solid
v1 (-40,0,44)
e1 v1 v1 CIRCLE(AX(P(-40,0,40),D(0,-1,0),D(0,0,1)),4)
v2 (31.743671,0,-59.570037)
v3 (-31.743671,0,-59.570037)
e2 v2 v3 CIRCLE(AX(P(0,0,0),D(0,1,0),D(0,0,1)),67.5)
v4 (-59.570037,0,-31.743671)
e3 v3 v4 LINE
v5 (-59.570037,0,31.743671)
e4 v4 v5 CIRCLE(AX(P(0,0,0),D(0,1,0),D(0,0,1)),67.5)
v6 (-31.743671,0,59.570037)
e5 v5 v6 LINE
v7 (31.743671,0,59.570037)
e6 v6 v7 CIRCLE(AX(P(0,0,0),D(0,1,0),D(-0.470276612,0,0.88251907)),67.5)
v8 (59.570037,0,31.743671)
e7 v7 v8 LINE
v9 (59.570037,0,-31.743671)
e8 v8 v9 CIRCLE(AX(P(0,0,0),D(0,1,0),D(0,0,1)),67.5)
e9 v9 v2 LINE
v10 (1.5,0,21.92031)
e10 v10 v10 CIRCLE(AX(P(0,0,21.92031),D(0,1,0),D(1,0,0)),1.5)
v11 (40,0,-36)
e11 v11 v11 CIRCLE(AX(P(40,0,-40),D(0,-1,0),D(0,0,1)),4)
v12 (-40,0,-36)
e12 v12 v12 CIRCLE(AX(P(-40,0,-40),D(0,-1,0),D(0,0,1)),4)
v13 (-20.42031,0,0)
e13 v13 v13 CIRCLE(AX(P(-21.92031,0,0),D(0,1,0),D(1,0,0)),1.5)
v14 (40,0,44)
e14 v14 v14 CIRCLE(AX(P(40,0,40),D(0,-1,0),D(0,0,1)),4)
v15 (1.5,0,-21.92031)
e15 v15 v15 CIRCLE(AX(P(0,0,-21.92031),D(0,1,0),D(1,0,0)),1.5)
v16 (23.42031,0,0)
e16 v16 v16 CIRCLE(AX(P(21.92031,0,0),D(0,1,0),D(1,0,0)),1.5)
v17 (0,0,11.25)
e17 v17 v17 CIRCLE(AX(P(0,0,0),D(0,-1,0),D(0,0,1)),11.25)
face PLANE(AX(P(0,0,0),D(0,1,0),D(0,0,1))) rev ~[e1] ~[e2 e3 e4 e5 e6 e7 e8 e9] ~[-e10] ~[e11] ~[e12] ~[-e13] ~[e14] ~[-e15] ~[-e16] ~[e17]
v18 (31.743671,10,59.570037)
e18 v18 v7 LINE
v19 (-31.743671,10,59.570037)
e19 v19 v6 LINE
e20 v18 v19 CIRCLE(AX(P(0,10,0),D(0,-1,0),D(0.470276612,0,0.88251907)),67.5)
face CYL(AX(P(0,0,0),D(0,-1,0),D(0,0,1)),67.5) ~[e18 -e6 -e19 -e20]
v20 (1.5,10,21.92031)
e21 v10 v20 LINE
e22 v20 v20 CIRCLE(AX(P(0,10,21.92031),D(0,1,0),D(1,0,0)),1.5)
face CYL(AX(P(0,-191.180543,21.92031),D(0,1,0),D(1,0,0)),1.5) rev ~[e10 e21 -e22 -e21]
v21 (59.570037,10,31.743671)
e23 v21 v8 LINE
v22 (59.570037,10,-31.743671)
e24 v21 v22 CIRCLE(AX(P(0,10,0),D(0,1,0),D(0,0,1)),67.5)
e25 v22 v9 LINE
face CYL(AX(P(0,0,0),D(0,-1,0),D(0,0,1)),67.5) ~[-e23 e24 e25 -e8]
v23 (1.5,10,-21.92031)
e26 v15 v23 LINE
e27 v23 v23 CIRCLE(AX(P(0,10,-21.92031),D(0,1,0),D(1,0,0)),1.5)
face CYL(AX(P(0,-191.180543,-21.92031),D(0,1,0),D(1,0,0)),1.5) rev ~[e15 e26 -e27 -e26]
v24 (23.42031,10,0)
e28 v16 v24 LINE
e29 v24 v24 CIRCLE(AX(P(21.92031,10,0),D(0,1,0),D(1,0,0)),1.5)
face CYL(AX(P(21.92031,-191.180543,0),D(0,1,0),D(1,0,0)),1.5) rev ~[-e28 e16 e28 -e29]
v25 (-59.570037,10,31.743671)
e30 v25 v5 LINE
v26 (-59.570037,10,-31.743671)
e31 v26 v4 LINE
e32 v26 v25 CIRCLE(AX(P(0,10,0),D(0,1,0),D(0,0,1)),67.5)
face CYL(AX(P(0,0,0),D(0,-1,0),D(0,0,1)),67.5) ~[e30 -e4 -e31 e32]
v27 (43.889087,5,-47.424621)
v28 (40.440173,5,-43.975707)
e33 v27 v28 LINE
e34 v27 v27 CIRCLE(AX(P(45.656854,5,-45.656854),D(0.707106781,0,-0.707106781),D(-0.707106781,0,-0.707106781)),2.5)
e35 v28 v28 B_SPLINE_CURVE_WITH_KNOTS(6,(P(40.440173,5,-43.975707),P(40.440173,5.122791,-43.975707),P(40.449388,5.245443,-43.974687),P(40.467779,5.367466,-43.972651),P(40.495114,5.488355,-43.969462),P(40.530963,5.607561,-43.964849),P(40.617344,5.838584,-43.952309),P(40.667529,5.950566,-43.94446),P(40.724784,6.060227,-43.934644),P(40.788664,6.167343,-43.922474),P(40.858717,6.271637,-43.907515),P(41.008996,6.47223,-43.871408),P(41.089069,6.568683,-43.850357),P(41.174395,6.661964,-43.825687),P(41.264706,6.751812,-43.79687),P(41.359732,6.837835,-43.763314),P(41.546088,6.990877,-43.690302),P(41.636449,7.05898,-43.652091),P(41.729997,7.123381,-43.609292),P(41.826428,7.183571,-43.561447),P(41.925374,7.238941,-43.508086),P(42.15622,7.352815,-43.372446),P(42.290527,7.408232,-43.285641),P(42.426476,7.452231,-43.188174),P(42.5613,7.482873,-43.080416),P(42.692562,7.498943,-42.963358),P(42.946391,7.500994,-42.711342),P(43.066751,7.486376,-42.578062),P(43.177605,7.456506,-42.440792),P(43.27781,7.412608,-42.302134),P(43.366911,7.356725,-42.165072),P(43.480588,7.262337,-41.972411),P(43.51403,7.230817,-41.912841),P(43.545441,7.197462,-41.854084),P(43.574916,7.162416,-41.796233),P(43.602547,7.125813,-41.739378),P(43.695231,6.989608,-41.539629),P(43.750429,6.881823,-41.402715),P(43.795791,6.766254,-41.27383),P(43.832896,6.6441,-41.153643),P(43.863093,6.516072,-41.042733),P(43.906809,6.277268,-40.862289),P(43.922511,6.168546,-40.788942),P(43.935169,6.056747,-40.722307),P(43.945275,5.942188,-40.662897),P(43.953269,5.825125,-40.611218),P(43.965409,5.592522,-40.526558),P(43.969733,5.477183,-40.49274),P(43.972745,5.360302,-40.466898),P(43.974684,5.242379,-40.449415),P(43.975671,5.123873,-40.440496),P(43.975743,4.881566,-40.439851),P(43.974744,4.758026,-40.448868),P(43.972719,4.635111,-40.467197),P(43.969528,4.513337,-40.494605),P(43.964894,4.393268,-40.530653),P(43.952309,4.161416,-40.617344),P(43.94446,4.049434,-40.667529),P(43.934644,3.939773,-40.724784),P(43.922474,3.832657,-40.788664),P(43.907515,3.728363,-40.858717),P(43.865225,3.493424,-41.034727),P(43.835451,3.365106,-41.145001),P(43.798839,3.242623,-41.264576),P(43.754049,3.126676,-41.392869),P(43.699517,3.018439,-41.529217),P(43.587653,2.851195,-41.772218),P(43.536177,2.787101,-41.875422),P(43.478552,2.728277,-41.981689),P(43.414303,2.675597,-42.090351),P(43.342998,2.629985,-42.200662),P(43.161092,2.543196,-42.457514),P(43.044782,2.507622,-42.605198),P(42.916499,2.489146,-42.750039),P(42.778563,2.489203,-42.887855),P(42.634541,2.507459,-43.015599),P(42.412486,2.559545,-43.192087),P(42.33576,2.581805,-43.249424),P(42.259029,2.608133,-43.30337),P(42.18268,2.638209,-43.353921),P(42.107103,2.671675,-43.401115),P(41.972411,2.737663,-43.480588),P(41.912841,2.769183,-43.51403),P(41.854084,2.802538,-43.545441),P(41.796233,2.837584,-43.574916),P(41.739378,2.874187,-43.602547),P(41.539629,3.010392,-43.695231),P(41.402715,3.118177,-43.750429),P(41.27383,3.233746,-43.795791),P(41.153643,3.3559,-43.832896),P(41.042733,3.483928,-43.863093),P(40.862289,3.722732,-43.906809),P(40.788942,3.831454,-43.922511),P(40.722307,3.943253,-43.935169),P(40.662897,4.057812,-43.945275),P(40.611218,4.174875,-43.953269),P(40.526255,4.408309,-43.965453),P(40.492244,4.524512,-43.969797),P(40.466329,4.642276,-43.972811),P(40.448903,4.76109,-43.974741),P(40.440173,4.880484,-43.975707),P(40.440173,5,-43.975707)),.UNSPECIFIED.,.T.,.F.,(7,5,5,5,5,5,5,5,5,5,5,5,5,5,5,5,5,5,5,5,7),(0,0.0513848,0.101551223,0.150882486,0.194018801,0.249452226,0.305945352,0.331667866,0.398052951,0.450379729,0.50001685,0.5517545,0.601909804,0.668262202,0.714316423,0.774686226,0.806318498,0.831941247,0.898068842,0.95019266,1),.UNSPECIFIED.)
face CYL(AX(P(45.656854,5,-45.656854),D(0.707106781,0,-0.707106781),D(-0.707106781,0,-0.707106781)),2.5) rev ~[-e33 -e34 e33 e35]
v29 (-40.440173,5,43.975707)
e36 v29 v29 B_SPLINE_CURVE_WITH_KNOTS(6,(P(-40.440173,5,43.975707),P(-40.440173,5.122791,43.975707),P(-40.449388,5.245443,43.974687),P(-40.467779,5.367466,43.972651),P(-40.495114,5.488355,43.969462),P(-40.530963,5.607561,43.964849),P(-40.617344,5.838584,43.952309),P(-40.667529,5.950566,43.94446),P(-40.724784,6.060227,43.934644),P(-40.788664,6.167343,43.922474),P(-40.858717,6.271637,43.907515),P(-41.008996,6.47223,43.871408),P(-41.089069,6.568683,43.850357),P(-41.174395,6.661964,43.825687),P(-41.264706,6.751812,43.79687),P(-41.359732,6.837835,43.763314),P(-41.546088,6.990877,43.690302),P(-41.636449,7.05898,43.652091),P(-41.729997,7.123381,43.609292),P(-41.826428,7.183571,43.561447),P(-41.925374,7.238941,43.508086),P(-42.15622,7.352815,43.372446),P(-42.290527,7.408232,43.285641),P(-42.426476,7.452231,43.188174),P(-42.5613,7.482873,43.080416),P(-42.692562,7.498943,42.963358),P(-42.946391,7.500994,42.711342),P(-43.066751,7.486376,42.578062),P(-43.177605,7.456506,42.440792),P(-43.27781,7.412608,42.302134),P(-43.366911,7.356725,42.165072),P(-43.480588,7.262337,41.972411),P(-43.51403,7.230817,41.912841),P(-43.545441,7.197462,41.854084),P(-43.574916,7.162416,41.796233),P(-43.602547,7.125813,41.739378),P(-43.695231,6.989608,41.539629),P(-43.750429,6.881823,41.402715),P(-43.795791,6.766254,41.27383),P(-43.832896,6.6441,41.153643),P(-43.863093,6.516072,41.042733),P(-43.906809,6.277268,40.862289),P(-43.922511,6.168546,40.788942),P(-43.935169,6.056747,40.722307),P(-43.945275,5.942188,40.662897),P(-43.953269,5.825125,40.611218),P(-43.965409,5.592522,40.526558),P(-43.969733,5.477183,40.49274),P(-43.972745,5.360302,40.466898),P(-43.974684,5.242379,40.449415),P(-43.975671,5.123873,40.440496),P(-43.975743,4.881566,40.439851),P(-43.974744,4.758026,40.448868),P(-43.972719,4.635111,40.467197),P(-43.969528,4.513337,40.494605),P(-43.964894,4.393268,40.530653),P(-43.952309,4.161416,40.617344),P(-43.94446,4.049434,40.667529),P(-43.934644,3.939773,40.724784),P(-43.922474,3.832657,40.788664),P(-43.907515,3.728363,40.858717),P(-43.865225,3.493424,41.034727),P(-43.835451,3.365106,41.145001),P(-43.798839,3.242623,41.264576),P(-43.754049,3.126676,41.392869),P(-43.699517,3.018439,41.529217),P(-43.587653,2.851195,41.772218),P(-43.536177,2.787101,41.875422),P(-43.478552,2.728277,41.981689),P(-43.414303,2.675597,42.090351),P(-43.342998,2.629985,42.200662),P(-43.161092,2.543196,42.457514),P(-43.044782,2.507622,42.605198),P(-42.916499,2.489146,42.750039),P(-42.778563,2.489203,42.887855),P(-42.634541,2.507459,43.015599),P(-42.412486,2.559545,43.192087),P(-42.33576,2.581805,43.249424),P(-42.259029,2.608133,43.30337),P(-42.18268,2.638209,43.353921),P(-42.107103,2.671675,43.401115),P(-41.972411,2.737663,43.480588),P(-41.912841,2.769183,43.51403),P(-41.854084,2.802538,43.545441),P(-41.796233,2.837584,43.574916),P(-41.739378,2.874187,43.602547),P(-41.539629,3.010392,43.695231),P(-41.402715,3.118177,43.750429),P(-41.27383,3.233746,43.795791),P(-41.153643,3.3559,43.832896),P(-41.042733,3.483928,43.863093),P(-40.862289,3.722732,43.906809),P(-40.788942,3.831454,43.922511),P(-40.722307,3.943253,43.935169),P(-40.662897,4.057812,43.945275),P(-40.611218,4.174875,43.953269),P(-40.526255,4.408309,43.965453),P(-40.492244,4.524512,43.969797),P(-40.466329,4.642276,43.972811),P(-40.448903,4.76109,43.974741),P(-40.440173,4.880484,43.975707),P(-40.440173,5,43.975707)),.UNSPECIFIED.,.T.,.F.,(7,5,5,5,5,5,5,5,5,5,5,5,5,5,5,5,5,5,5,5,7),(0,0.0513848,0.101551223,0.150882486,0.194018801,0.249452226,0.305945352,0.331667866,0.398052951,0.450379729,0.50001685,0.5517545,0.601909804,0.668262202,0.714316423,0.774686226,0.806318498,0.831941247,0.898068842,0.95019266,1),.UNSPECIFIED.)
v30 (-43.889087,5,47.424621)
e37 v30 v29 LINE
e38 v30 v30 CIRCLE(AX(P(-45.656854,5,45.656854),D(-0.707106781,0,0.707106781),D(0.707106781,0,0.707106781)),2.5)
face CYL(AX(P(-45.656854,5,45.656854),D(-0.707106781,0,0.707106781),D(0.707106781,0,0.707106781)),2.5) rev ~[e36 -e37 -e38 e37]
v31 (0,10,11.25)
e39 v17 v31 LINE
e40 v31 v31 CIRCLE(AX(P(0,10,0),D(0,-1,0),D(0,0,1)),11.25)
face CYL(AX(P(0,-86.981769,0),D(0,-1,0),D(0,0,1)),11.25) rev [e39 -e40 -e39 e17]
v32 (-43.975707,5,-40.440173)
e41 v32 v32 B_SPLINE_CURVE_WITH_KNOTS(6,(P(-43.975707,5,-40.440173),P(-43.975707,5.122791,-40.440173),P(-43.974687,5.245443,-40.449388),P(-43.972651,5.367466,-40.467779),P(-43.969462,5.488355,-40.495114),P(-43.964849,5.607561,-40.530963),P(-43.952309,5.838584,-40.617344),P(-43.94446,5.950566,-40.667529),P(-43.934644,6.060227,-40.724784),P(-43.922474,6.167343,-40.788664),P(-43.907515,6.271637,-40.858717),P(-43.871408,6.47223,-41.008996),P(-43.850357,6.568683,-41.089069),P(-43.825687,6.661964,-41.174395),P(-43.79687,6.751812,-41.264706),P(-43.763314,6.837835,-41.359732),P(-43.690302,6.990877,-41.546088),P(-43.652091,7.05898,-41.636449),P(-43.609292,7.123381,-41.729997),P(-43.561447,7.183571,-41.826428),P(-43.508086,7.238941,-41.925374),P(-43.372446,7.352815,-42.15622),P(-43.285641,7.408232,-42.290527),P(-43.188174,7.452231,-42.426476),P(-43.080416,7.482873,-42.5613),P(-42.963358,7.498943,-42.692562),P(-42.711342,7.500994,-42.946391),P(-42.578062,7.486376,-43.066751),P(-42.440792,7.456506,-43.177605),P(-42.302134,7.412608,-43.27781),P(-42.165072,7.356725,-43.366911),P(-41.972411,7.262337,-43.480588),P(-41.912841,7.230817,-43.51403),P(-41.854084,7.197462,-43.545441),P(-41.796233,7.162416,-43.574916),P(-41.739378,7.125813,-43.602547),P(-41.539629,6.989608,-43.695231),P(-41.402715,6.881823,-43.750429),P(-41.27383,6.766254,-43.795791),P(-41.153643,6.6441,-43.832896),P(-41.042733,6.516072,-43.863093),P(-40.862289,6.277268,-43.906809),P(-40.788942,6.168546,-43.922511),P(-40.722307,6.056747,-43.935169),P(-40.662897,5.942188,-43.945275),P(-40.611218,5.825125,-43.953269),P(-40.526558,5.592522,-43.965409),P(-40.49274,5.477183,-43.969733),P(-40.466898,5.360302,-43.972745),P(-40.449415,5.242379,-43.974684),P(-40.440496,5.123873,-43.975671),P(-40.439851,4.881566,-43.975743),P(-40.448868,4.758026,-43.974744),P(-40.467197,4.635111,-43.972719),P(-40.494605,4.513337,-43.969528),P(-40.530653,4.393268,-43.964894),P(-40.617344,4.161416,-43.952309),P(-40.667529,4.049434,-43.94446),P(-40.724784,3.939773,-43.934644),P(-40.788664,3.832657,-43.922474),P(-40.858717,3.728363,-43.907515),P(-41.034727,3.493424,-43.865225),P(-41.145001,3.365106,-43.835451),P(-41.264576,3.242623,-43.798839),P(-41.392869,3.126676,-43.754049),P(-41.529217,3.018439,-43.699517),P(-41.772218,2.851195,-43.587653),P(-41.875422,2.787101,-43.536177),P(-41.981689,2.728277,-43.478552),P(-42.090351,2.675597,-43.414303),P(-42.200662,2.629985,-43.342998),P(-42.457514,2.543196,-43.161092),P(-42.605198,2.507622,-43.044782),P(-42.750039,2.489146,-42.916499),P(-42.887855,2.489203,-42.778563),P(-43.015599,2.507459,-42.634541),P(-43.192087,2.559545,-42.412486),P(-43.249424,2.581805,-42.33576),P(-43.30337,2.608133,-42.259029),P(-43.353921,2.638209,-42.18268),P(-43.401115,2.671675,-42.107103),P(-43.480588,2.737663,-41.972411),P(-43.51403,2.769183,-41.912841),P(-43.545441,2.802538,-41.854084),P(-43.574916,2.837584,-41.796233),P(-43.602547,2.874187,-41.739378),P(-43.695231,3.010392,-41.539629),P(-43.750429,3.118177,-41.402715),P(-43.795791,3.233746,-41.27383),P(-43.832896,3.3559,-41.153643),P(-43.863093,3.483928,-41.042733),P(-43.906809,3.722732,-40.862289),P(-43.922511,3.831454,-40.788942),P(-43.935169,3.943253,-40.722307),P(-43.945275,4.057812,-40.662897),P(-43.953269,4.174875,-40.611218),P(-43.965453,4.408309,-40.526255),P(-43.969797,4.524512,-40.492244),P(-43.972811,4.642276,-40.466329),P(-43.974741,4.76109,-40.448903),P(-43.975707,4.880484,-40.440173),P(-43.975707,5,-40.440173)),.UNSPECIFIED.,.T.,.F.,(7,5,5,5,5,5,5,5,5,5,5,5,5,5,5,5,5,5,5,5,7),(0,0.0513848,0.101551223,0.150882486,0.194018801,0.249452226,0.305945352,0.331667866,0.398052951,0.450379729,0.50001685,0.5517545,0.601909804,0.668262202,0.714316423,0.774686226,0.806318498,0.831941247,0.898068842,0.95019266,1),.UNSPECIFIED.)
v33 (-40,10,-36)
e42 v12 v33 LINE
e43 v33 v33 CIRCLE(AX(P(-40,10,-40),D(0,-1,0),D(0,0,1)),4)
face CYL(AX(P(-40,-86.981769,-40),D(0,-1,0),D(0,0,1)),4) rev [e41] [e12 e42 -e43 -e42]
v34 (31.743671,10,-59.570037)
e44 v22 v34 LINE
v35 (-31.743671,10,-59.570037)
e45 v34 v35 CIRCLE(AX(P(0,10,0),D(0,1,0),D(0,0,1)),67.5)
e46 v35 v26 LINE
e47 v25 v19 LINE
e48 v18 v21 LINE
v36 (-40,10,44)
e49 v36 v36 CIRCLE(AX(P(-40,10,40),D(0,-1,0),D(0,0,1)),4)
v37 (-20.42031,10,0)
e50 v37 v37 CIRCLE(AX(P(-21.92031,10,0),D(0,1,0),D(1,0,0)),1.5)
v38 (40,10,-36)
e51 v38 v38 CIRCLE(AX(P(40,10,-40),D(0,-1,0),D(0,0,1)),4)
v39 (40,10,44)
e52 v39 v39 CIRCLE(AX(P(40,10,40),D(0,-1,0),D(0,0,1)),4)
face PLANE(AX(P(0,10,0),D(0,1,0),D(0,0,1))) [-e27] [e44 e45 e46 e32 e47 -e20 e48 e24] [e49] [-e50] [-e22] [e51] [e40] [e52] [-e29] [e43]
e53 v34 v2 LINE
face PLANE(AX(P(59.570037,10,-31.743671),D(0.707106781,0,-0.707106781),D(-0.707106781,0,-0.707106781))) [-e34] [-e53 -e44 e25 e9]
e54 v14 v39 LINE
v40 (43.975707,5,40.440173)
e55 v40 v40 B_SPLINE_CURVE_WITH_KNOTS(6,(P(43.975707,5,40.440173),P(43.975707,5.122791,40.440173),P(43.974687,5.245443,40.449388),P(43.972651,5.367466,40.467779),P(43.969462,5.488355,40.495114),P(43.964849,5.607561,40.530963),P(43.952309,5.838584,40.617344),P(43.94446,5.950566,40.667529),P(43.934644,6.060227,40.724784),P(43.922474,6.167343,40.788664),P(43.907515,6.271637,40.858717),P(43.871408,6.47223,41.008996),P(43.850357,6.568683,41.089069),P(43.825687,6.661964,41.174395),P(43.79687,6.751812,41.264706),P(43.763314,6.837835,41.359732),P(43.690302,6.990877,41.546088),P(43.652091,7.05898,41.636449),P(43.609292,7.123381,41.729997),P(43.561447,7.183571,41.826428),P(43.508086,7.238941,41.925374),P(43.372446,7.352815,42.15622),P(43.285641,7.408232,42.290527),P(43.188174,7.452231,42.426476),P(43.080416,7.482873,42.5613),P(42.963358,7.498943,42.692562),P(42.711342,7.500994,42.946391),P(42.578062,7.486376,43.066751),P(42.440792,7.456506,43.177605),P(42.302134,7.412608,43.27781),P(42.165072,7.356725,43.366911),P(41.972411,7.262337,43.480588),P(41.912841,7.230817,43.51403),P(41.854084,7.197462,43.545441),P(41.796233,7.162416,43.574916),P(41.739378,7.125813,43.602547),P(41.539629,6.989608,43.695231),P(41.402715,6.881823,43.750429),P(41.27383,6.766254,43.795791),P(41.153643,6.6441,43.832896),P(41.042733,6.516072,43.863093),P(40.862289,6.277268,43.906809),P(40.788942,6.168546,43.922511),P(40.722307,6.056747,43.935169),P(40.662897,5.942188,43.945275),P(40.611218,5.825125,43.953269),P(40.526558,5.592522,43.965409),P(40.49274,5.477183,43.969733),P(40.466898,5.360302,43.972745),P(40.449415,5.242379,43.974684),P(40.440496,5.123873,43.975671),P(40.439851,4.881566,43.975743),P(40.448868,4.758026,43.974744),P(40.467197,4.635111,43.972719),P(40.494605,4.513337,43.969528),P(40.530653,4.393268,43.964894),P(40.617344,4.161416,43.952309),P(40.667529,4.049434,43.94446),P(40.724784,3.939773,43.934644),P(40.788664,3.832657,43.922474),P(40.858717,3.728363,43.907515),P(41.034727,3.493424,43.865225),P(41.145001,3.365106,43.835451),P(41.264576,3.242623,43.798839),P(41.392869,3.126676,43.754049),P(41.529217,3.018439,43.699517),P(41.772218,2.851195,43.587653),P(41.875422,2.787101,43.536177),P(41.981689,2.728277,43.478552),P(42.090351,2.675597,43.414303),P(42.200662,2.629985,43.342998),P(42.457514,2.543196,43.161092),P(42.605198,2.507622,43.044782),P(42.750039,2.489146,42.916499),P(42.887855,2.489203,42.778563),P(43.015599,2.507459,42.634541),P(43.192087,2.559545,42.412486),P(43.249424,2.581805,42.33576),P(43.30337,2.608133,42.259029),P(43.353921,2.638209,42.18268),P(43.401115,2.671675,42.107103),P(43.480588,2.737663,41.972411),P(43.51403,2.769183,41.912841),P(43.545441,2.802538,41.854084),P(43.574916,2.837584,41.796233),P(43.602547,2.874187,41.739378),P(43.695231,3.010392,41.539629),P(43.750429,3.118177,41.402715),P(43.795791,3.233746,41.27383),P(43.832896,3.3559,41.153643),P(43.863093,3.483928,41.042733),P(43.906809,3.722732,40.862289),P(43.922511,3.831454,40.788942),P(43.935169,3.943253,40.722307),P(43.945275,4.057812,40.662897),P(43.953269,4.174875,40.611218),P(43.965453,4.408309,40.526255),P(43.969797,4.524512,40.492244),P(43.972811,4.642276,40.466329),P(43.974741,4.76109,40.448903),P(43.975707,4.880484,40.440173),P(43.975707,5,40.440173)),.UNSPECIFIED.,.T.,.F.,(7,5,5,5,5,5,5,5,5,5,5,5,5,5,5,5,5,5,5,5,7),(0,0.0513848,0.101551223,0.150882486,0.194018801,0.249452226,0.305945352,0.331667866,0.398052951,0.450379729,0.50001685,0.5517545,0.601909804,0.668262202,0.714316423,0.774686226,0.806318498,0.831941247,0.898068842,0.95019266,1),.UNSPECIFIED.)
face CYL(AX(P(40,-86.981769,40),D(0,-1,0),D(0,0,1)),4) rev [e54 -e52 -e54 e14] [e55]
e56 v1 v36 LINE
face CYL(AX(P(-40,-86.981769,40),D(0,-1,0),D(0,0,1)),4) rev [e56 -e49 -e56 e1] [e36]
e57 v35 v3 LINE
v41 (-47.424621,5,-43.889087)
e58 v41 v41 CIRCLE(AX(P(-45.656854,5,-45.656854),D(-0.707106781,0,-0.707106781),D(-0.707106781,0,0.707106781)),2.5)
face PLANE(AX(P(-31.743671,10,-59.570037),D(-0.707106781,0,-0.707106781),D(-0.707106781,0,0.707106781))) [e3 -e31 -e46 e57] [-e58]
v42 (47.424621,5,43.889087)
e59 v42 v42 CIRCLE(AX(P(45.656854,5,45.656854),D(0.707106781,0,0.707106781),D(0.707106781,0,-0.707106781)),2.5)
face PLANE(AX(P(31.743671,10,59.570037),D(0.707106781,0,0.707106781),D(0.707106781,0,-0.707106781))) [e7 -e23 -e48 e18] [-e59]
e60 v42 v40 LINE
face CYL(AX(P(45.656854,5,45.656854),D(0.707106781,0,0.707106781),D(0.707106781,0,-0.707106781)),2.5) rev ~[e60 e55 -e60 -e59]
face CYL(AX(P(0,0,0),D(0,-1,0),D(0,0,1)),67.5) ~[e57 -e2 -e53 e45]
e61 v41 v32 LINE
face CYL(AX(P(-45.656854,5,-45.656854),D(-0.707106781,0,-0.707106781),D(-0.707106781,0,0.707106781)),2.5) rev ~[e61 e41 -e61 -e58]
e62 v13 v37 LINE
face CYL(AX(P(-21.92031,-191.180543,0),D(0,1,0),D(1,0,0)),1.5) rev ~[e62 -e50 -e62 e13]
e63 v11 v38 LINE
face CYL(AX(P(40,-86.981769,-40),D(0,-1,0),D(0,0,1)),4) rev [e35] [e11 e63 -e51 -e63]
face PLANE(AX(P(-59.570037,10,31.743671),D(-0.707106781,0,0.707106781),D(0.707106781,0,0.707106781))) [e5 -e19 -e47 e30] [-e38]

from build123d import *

# Parameters (mm, degrees)
SKETCH1_R                  = 67.5
BOSS_EXTRUDE1_DEPTH        = 10
CUT_EXTRUDE1_DEPTH         = 96.981769102
CUT_EXTRUDE1_DEPTH_BACK    = 96.981769102
SKETCH4_R                  = 4
CUT_EXTRUDE_THIN1_DEPTH    = 96.981769102
F_5_0MM_DOWEL_HOLE1_REACH  = 162.34
F_5_0MM_DOWEL_HOLE1_BORE_R = 2.5
CIRPATTERN1_COUNT          = 4
F_3_0MM_DOWEL_HOLE1_D      = 3
CUT_EXTRUDE2_DEPTH         = 96.981769113
CUT_EXTRUDE2_DEPTH_BACK    = 96.981769113
SKETCH13_R                 = 11.25


with BuildPart() as part:
    # Sketch1 → Boss-Extrude1 (new body)
    with BuildSketch(Plane(origin=(0, 0, 0), x_dir=(1, 0, 0), z_dir=(0, 1, 0))):
        with Locations(Location((0, 0, 0), (0, 0, 270))):
            Circle(SKETCH1_R)
    extrude(amount=BOSS_EXTRUDE1_DEPTH)

    # Sketch4 → Cut-Extrude1 (cut, two sides: drawn at the far end of the back side and taken through both)
    with BuildSketch(Plane(origin=(0, 10, 0), x_dir=(1, 0, 0), z_dir=(0, 1, 0)).offset(-CUT_EXTRUDE1_DEPTH_BACK)):
        with Locations(Location((-40, 40, 0), (0, 0, 270))):
            Circle(SKETCH4_R)
        with Locations(Location((40, 40, 0), (0, 0, 270))):
            Circle(SKETCH4_R)
        with Locations(Location((40, -40, 0), (0, 0, 270))):
            Circle(SKETCH4_R)
        with Locations(Location((-40, -40, 0), (0, 0, 270))):
            Circle(SKETCH4_R)
    extrude(amount=CUT_EXTRUDE1_DEPTH + CUT_EXTRUDE1_DEPTH_BACK, mode=Mode.SUBTRACT)

    # Sketch5 → Cut-Extrude-Thin1 (cut, through all)
    with BuildSketch(Plane(origin=(0, 10, 0), x_dir=(1, 0, 0), z_dir=(0, 1, 0))):
        Polygon((-31.743671291, 59.570037208), (-59.570037208, 31.743671291), (-66.64110502, 38.814739103), (-38.814739103, 66.64110502), align=None)
        Polygon((59.570037208, 31.743671291), (31.743671291, 59.570037208), (38.814739103, 66.64110502), (66.64110502, 38.814739103), align=None)
        Polygon((31.743671291, -59.570037208), (59.570037208, -31.743671291), (66.64110502, -38.814739103), (38.814739103, -66.64110502), align=None)
        Polygon((-59.570037208, -31.743671291), (-31.743671291, -59.570037208), (-38.814739103, -66.64110502), (-66.64110502, -38.814739103), align=None)
    extrude(amount=-CUT_EXTRUDE_THIN1_DEPTH, mode=Mode.SUBTRACT)

    # Ø5.0mm Dowel Hole1 bore → Ø5.0mm Dowel Hole1 (cut, up to next)
    with BuildSketch(Plane(origin=(45.656854249, 0, 45.656854249), x_dir=(0.7071067811865479, 0, -0.7071067811865471), z_dir=(0.7071067811865471, 0, 0.7071067811865479)), mode=Mode.PRIVATE) as f_5_0mm_dowel_hole1_sk1:
        with Locations((0, 5)):
            Circle(F_5_0MM_DOWEL_HOLE1_BORE_R)
    f_5_0mm_dowel_hole1_tool1 = extrude(f_5_0mm_dowel_hole1_sk1.sketch, amount=-F_5_0MM_DOWEL_HOLE1_REACH, mode=Mode.PRIVATE) & part.part
    f_5_0mm_dowel_hole1 = f_5_0mm_dowel_hole1_tool1.solids().sort_by_distance((45.656854, 5, 45.656854))[0]
    add(f_5_0mm_dowel_hole1, mode=Mode.SUBTRACT)

    # CirPattern1: Ø5.0mm Dowel Hole1 ×4 about axis
    cirpattern1_axis = Axis((0, 10, 0), (0, -1, 0))
    for i in range(1, CIRPATTERN1_COUNT):
        add(f_5_0mm_dowel_hole1.rotate(cirpattern1_axis, i * 360 / CIRPATTERN1_COUNT), mode=Mode.SUBTRACT)

    # Ø3.0mm Dowel Hole1 (through all)
    with Locations(Plane(origin=(0, 0, 0), x_dir=(-1, 0, 0), z_dir=(0, -1, 0))):
        with Locations((0, 21.920310217), (21.920310217, 0), (-21.920310217, 0), (0, -21.920310217)):
            Hole(F_3_0MM_DOWEL_HOLE1_D / 2)

    # Sketch13 → Cut-Extrude2 (cut, two sides: drawn at the far end of the back side and taken through both)
    with BuildSketch(Plane(origin=(0, 10, 0), x_dir=(1, 0, 0), z_dir=(0, 1, 0)).offset(-CUT_EXTRUDE2_DEPTH_BACK)):
        with Locations(Location((0, 0, 0), (0, 0, 270))):
            Circle(SKETCH13_R)
    extrude(amount=CUT_EXTRUDE2_DEPTH + CUT_EXTRUDE2_DEPTH_BACK, mode=Mode.SUBTRACT)


solid = part.part
